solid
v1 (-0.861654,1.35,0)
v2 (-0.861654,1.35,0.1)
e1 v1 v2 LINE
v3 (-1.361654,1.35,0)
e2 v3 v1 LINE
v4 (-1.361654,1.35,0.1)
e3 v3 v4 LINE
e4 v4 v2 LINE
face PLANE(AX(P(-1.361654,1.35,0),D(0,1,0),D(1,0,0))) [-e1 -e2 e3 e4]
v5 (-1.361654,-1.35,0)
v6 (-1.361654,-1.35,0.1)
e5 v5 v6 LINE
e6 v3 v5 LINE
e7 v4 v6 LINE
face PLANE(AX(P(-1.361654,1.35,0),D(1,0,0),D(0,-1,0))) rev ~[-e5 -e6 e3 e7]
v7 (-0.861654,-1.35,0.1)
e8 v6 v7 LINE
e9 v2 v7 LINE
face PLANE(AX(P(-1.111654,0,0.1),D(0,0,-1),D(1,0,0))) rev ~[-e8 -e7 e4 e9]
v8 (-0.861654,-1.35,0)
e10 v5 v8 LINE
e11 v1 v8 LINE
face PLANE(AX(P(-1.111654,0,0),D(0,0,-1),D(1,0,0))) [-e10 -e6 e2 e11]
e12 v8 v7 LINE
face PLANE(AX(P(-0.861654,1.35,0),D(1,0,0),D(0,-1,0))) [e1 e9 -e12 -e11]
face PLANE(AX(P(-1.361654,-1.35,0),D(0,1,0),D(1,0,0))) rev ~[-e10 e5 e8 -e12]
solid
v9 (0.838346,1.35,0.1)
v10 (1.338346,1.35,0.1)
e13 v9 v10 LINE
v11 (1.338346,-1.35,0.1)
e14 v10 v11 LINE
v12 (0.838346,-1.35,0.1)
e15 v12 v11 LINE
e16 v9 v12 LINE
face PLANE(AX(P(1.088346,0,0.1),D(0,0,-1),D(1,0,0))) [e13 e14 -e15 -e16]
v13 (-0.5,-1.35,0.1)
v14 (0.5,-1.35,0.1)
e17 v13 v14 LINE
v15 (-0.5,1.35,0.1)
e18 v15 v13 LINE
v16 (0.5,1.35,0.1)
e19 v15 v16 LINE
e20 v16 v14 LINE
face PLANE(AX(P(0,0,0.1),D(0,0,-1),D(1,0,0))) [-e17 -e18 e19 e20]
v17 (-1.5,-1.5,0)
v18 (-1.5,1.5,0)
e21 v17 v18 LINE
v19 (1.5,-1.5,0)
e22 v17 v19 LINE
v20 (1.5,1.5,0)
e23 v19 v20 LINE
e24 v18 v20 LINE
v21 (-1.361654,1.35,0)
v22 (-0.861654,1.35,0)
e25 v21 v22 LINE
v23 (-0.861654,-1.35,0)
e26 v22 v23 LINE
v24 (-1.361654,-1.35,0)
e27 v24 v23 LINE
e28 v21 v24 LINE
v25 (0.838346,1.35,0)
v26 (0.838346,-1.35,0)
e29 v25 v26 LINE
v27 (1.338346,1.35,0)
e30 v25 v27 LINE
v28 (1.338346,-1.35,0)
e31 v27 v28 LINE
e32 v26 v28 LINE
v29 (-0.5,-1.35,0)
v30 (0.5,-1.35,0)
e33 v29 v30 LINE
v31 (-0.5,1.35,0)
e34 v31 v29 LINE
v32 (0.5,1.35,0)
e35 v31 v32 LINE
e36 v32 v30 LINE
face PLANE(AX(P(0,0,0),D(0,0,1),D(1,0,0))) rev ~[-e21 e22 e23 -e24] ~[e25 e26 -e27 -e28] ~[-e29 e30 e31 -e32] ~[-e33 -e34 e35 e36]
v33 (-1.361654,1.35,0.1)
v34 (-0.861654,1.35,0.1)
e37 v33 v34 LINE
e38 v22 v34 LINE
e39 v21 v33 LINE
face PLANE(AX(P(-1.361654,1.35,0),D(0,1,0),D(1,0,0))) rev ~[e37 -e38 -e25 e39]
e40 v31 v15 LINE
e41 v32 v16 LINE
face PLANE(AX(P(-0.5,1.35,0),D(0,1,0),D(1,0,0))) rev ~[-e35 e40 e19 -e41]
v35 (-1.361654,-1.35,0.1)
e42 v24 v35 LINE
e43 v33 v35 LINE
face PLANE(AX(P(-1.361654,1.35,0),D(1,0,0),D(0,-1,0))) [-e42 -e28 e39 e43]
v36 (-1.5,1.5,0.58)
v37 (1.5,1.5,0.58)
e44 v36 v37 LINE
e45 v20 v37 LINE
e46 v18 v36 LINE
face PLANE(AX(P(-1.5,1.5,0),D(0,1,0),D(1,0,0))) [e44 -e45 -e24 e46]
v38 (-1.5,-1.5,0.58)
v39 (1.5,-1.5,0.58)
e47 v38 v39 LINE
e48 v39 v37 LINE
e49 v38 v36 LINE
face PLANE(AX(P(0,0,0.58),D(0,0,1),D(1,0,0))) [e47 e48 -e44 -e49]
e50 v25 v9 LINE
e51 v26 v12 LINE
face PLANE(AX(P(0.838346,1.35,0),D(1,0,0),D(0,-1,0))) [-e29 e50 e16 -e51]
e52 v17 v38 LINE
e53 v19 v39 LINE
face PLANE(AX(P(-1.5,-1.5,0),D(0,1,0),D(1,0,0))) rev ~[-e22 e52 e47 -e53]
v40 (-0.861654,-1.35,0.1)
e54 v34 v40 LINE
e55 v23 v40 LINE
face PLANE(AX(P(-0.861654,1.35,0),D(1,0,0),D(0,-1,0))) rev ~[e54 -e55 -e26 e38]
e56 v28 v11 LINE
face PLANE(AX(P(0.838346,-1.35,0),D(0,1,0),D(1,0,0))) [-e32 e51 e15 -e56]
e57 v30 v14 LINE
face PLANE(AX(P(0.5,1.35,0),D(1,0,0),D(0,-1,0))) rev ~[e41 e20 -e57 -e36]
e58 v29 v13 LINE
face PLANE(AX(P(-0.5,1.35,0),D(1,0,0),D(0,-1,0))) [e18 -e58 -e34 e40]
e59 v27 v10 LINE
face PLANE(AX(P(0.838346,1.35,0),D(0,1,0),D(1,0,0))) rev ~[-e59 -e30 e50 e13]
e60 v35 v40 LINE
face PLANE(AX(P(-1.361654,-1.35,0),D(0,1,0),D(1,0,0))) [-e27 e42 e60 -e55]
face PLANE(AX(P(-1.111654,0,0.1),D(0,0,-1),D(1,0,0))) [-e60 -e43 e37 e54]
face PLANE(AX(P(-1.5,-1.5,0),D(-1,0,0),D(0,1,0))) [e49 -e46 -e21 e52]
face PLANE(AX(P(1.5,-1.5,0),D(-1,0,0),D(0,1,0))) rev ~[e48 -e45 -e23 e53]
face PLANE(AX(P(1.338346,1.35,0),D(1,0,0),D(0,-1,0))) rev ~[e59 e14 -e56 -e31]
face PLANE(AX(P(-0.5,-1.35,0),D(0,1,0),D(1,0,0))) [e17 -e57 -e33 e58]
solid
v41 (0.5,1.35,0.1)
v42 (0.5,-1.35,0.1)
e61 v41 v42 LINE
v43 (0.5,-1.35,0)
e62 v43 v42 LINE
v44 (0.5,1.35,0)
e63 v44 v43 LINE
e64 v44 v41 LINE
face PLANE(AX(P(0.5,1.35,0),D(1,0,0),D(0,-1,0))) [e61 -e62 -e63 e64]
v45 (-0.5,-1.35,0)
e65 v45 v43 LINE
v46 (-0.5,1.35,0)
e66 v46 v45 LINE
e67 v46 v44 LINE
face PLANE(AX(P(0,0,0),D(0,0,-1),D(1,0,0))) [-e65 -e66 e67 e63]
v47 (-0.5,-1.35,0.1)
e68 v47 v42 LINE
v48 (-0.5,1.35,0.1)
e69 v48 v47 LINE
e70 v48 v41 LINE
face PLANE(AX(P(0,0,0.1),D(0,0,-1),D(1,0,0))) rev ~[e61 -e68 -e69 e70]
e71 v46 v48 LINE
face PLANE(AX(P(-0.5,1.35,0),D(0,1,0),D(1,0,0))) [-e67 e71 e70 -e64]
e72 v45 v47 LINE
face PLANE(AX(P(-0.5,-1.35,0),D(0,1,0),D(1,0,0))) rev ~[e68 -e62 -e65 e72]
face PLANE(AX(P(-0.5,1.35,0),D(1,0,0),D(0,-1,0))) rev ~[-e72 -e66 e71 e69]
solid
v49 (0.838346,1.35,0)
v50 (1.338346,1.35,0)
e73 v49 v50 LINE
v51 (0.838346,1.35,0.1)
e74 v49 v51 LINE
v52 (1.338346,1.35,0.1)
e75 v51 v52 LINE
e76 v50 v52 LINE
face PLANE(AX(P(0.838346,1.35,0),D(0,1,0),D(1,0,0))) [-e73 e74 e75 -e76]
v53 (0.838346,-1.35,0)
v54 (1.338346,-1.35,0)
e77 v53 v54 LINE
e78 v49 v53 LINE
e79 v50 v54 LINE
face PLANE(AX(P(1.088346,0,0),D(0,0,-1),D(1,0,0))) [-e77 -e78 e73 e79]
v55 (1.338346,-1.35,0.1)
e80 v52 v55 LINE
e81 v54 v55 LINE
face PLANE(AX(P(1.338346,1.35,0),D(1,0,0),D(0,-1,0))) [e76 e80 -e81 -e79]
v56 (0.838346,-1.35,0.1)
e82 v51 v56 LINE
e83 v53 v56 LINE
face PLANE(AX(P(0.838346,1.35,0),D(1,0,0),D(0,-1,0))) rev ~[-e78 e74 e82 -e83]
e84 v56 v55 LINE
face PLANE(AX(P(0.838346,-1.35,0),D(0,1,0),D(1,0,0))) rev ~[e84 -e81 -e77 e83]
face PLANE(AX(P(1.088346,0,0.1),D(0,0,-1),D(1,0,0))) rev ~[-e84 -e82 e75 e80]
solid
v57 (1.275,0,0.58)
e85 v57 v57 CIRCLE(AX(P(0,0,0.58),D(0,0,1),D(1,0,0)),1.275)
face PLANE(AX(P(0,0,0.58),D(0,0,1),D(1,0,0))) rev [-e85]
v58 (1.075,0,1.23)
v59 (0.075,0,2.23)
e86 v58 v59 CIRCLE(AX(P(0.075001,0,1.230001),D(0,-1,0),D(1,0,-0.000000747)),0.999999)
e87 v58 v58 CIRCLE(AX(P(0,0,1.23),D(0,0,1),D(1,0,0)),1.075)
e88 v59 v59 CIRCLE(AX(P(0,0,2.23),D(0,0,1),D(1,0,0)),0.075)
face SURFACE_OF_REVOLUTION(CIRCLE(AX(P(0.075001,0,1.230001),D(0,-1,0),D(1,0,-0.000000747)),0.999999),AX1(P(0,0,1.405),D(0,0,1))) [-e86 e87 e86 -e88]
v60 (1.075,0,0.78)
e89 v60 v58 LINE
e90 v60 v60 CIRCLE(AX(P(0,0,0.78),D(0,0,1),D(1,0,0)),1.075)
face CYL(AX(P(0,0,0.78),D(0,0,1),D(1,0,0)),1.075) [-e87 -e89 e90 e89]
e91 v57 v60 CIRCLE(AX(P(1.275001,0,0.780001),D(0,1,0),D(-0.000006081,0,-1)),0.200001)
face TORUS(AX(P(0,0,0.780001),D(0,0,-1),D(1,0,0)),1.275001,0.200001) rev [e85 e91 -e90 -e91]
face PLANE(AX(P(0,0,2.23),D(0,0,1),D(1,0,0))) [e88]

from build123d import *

# Parameters (mm, degrees)
F0_W     = 3
F0_H     = 3
F1_DEPTH = 0.58
F4_W     = 1
F4_H     = 2.7
F4_W_2   = 0.5
F5_DEPTH = 0.1
F6_DEPTH = 0.1


with BuildPart() as f1:
    # F0 (on Top) → F1 (new body)
    with BuildSketch(Plane.XY):
        Rectangle(F0_W, F0_H)
    extrude(amount=F1_DEPTH)

    # F4 (on face) → F5 (cut)
    with BuildSketch(Plane(origin=(0, 0, 0), x_dir=(1, 0, 0), z_dir=(0, 0, -1))):
        Rectangle(F4_W, F4_H)
        with Locations((1.088346, 0)):
            Rectangle(F4_W_2, F4_H)
        with Locations((-1.111654, 0)):
            Rectangle(F4_W_2, F4_H)
    extrude(amount=-F5_DEPTH, mode=Mode.SUBTRACT)


with BuildPart() as f3:
    # F2 (on Front) → F3 (revolve)
    with BuildSketch(Plane.XZ):
        with BuildLine():
            ThreePointArc((1.275, 0.58), (1.133579, 0.638579), (1.075, 0.78))
            Line((1.075, 0.78), (1.075, 1.23))
            ThreePointArc((1.075, 1.23), (0.782107, 1.937107), (0.075, 2.23))
            Line((0.075, 2.23), (0, 2.23))
            Line((0, 2.23), (0, 0.58))
            Line((0, 0.58), (1.275, 0.58))
        make_face()
    revolve(axis=Axis((0, 0, 1.405), (0, 0, 1)))


with BuildPart() as f6:
    # F4 (on face) → F6 (new body)
    with BuildSketch(Plane(origin=(0, 0, 0), x_dir=(1, 0, 0), z_dir=(0, 0, -1))):
        Rectangle(F4_W, F4_H)
        with Locations((1.088346, 0)):
            Rectangle(F4_W_2, F4_H)
        with Locations((-1.111654, 0)):
            Rectangle(F4_W_2, F4_H)
    extrude(amount=-F6_DEPTH)


solid = Compound([f1.part, f3.part, f6.part])
